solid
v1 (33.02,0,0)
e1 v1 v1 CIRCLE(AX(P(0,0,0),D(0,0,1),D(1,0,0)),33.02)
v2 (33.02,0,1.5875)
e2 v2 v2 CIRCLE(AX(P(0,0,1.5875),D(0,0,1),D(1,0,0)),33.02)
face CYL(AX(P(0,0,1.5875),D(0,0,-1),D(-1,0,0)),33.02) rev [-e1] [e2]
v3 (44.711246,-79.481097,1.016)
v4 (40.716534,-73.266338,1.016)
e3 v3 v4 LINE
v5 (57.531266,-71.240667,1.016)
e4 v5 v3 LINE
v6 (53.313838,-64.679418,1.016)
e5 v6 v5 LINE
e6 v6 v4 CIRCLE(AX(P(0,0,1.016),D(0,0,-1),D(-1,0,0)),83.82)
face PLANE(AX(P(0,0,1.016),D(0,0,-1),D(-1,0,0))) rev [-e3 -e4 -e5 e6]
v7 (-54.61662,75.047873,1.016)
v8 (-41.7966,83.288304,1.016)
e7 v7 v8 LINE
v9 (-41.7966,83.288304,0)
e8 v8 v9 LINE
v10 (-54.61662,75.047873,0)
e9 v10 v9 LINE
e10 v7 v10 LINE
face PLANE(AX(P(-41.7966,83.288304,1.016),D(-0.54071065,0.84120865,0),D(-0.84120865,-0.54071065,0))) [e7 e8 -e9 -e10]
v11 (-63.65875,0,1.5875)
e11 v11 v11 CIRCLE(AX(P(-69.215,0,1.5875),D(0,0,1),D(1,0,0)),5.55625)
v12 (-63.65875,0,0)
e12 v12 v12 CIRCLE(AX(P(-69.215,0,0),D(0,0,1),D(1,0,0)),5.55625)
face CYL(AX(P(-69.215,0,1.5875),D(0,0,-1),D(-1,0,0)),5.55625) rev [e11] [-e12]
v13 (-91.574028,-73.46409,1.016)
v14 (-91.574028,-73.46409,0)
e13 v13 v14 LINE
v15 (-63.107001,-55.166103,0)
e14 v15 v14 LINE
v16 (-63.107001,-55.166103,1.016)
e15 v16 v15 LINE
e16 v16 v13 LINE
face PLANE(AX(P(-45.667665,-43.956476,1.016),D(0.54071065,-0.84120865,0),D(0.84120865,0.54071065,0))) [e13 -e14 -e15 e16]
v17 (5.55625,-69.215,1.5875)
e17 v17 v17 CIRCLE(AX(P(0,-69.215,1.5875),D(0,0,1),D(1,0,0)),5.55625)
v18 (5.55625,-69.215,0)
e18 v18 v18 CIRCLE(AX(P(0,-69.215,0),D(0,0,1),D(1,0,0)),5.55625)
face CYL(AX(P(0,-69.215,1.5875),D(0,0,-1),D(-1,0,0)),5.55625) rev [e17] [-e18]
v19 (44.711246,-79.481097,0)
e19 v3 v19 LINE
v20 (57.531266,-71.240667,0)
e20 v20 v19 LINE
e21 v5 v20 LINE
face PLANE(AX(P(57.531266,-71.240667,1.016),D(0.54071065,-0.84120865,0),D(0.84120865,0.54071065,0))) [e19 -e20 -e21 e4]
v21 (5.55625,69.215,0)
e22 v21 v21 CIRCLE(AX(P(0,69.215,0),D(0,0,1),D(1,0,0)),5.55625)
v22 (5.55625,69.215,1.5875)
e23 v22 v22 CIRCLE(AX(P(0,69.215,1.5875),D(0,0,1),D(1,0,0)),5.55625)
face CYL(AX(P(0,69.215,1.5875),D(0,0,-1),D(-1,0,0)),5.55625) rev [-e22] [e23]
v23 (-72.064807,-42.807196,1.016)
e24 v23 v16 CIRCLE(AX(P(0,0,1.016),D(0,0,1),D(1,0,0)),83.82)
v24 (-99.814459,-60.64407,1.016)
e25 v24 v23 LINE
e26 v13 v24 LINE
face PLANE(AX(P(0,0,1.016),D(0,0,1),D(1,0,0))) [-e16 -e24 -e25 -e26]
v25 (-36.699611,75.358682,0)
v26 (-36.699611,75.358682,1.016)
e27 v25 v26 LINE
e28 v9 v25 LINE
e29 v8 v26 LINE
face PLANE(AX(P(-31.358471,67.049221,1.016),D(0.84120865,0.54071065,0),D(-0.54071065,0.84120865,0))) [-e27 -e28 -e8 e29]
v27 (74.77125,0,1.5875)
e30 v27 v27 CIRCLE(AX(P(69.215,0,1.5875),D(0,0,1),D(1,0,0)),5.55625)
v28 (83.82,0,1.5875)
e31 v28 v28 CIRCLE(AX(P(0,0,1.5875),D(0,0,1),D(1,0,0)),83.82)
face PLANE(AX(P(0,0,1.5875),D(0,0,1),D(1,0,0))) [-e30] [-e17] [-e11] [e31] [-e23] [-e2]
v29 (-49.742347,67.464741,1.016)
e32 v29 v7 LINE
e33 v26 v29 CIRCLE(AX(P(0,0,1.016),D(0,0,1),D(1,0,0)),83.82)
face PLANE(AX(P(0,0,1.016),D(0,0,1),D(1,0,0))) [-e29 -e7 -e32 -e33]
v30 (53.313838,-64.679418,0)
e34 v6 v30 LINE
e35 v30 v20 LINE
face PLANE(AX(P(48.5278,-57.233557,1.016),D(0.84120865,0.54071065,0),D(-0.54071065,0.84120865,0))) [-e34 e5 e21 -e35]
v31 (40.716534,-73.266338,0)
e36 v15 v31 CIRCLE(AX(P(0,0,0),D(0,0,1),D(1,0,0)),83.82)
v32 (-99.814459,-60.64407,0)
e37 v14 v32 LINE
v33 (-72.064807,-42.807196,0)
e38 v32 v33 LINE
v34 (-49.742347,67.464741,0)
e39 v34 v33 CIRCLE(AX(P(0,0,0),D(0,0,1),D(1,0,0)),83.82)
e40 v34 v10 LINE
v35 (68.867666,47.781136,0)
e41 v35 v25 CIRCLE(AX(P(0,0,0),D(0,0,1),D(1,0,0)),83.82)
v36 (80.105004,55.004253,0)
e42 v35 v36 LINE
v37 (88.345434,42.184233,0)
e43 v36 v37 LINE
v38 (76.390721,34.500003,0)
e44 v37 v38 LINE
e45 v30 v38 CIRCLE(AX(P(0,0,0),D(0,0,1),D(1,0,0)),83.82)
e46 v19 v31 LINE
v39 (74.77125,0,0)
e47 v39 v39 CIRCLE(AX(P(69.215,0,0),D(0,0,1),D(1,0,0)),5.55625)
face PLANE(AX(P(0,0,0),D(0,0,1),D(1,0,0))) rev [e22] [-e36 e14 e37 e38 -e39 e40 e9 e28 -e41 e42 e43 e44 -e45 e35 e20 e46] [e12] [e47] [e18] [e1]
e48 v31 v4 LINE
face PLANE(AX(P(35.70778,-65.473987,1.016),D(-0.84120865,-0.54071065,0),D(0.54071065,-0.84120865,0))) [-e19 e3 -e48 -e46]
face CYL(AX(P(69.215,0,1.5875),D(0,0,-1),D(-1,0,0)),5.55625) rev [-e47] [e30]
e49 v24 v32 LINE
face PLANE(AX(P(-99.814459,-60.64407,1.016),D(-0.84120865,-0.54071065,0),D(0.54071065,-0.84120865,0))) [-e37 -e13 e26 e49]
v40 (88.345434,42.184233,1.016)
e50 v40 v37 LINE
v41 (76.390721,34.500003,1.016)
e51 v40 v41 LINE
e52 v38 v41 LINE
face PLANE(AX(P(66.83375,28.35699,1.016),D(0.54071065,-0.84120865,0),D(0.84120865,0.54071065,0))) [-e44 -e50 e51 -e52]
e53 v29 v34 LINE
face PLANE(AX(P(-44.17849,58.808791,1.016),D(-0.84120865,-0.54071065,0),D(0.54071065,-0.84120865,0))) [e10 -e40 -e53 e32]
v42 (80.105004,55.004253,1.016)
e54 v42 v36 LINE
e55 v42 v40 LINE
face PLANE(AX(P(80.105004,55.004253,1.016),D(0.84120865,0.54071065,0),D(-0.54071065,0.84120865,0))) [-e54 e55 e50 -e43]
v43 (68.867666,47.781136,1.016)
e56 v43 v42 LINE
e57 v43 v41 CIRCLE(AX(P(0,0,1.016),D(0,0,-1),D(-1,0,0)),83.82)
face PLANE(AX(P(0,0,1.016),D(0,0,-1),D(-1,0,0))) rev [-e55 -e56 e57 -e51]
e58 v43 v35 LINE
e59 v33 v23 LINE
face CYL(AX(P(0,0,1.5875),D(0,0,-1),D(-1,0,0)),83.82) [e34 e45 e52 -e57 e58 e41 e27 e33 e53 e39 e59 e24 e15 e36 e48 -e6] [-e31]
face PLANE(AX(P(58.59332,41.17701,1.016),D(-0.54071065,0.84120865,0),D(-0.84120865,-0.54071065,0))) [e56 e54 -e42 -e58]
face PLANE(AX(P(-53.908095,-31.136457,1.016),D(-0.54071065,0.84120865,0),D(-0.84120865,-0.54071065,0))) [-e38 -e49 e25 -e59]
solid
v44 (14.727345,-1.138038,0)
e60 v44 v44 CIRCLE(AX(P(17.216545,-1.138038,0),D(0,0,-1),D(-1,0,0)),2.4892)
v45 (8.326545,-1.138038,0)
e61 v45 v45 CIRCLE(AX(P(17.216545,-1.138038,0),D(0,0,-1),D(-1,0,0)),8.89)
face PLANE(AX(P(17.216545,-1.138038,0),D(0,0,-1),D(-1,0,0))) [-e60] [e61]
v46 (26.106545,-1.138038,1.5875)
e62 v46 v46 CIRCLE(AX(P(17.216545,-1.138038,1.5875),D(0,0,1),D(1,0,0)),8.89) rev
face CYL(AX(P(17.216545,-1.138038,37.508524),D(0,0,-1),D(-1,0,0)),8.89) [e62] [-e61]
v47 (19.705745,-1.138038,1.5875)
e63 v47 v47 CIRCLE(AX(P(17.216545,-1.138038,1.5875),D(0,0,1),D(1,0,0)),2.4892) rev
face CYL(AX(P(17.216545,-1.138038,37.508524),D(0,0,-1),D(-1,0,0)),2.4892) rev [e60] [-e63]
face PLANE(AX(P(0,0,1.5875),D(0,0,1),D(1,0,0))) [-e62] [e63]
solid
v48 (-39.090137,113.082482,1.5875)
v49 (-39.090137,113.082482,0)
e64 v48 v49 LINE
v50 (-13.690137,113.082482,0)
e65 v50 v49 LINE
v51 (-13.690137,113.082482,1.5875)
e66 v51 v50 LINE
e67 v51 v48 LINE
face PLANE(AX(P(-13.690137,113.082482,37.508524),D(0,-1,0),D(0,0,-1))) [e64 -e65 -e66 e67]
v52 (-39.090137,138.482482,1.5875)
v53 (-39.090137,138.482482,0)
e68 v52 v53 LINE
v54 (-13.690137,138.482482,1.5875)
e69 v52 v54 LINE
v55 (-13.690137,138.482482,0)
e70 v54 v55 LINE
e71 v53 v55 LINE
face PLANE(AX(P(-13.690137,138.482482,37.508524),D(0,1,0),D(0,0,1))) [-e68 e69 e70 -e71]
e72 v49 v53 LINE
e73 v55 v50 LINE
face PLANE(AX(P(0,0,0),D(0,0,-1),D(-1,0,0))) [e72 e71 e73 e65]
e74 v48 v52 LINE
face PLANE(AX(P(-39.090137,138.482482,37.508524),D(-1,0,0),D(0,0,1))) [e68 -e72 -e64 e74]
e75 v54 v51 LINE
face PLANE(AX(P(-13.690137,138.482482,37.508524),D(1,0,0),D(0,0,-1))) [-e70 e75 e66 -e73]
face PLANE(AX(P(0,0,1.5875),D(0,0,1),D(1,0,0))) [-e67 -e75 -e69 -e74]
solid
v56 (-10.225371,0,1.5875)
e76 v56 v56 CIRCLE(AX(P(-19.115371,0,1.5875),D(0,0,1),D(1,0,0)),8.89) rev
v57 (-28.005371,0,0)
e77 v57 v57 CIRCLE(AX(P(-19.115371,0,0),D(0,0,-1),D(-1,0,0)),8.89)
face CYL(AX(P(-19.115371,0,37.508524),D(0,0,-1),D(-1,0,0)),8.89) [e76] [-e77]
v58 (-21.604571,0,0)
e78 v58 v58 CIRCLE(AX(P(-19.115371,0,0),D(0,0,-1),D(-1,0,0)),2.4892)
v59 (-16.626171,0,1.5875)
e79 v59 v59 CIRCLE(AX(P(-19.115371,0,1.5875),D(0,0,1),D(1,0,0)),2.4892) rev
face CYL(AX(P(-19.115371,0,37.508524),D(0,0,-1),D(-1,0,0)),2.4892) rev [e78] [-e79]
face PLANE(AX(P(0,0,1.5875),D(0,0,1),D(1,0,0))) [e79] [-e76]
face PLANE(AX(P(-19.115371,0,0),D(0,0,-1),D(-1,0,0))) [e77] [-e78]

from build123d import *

# Parameters (mm, degrees)
SKETCH1_R             = 83.82
SKETCH1_R_2           = 33.02
SKETCH1_R_3           = 5.55625
BOSS_EXTRUDE1_DEPTH   = 1.5875
SKETCH2_R             = 8.89
SKETCH2_R_2           = 2.4892
BOSS_EXTRUDE2_DEPTH   = 1.5875
BOSS_EXTRUDE2_2_DEPTH = 1.5875
SKETCH2_W             = 25.4
SKETCH2_H             = 25.4
BOSS_EXTRUDE2_3_DEPTH = 1.5875
BOSS_EXTRUDE3_DEPTH   = 1.016


with BuildPart() as part:
    # Sketch1 → Boss-Extrude1 (new body)
    with BuildSketch(Plane.XY):
        Circle(SKETCH1_R)
        Circle(SKETCH1_R_2, mode=Mode.SUBTRACT)
        with Locations((-69.215, 0)):
            Circle(SKETCH1_R_3, mode=Mode.SUBTRACT)
        with Locations((0, 69.215)):
            Circle(SKETCH1_R_3, mode=Mode.SUBTRACT)
        with Locations((69.215, 0)):
            Circle(SKETCH1_R_3, mode=Mode.SUBTRACT)
        with Locations((0, -69.215)):
            Circle(SKETCH1_R_3, mode=Mode.SUBTRACT)
    extrude(amount=BOSS_EXTRUDE1_DEPTH)

    # Sketch3 → Boss-Extrude3 (add)
    with BuildSketch(Plane(origin=(0, 0, 0), x_dir=(-1, 0, 0), z_dir=(0, 0, -1))):
        Polygon((-58.593320115, 41.177009755), (-66.833750418, 28.356989925), (-88.345434116, 42.184232984), (-80.105003814, 55.004252814), align=None)
        Polygon((-48.527799881, -57.23355717), (-35.707780052, -65.473987472), (-44.711245717, -79.481096826), (-57.531265547, -71.240666524), align=None)
        Polygon((31.358470606, 67.049221054), (44.178490436, 58.808790751), (54.616620118, 75.047873493), (41.796600289, 83.288303795), align=None)
        Polygon((53.90809534, -31.13645663), (45.667665037, -43.95647646), (91.57402841, -73.464089774), (99.814458712, -60.644069945), align=None)
    extrude(amount=-BOSS_EXTRUDE3_DEPTH)


with BuildPart() as body_2:
    # Sketch2 → Boss-Extrude2 (new body)
    with BuildSketch(Plane(origin=(0, 0, 0), x_dir=(-1, 0, 0), z_dir=(0, 0, -1))):
        with Locations((-17.216545313, -1.138038116)):
            Circle(SKETCH2_R)
        with Locations((-17.216545313, -1.138038116)):
            Circle(SKETCH2_R_2, mode=Mode.SUBTRACT)
    extrude(amount=-BOSS_EXTRUDE2_DEPTH)


with BuildPart() as body_3:
    # Sketch2 → Boss-Extrude2 2 (new body)
    with BuildSketch(Plane(origin=(0, 0, 0), x_dir=(-1, 0, 0), z_dir=(0, 0, -1))):
        with Locations((19.115371157, 0)):
            Circle(SKETCH2_R)
        with Locations((19.115371157, 0)):
            Circle(SKETCH2_R_2, mode=Mode.SUBTRACT)
    extrude(amount=-BOSS_EXTRUDE2_2_DEPTH)


with BuildPart() as body_4:
    # Sketch2 → Boss-Extrude2 3 (new body)
    with BuildSketch(Plane(origin=(0, 0, 0), x_dir=(-1, 0, 0), z_dir=(0, 0, -1))):
        with Locations((26.390137184, 125.782482189)):
            Rectangle(SKETCH2_W, SKETCH2_H)
    extrude(amount=-BOSS_EXTRUDE2_3_DEPTH)


solid = Compound([part.part, body_2.part, body_3.part, body_4.part])
